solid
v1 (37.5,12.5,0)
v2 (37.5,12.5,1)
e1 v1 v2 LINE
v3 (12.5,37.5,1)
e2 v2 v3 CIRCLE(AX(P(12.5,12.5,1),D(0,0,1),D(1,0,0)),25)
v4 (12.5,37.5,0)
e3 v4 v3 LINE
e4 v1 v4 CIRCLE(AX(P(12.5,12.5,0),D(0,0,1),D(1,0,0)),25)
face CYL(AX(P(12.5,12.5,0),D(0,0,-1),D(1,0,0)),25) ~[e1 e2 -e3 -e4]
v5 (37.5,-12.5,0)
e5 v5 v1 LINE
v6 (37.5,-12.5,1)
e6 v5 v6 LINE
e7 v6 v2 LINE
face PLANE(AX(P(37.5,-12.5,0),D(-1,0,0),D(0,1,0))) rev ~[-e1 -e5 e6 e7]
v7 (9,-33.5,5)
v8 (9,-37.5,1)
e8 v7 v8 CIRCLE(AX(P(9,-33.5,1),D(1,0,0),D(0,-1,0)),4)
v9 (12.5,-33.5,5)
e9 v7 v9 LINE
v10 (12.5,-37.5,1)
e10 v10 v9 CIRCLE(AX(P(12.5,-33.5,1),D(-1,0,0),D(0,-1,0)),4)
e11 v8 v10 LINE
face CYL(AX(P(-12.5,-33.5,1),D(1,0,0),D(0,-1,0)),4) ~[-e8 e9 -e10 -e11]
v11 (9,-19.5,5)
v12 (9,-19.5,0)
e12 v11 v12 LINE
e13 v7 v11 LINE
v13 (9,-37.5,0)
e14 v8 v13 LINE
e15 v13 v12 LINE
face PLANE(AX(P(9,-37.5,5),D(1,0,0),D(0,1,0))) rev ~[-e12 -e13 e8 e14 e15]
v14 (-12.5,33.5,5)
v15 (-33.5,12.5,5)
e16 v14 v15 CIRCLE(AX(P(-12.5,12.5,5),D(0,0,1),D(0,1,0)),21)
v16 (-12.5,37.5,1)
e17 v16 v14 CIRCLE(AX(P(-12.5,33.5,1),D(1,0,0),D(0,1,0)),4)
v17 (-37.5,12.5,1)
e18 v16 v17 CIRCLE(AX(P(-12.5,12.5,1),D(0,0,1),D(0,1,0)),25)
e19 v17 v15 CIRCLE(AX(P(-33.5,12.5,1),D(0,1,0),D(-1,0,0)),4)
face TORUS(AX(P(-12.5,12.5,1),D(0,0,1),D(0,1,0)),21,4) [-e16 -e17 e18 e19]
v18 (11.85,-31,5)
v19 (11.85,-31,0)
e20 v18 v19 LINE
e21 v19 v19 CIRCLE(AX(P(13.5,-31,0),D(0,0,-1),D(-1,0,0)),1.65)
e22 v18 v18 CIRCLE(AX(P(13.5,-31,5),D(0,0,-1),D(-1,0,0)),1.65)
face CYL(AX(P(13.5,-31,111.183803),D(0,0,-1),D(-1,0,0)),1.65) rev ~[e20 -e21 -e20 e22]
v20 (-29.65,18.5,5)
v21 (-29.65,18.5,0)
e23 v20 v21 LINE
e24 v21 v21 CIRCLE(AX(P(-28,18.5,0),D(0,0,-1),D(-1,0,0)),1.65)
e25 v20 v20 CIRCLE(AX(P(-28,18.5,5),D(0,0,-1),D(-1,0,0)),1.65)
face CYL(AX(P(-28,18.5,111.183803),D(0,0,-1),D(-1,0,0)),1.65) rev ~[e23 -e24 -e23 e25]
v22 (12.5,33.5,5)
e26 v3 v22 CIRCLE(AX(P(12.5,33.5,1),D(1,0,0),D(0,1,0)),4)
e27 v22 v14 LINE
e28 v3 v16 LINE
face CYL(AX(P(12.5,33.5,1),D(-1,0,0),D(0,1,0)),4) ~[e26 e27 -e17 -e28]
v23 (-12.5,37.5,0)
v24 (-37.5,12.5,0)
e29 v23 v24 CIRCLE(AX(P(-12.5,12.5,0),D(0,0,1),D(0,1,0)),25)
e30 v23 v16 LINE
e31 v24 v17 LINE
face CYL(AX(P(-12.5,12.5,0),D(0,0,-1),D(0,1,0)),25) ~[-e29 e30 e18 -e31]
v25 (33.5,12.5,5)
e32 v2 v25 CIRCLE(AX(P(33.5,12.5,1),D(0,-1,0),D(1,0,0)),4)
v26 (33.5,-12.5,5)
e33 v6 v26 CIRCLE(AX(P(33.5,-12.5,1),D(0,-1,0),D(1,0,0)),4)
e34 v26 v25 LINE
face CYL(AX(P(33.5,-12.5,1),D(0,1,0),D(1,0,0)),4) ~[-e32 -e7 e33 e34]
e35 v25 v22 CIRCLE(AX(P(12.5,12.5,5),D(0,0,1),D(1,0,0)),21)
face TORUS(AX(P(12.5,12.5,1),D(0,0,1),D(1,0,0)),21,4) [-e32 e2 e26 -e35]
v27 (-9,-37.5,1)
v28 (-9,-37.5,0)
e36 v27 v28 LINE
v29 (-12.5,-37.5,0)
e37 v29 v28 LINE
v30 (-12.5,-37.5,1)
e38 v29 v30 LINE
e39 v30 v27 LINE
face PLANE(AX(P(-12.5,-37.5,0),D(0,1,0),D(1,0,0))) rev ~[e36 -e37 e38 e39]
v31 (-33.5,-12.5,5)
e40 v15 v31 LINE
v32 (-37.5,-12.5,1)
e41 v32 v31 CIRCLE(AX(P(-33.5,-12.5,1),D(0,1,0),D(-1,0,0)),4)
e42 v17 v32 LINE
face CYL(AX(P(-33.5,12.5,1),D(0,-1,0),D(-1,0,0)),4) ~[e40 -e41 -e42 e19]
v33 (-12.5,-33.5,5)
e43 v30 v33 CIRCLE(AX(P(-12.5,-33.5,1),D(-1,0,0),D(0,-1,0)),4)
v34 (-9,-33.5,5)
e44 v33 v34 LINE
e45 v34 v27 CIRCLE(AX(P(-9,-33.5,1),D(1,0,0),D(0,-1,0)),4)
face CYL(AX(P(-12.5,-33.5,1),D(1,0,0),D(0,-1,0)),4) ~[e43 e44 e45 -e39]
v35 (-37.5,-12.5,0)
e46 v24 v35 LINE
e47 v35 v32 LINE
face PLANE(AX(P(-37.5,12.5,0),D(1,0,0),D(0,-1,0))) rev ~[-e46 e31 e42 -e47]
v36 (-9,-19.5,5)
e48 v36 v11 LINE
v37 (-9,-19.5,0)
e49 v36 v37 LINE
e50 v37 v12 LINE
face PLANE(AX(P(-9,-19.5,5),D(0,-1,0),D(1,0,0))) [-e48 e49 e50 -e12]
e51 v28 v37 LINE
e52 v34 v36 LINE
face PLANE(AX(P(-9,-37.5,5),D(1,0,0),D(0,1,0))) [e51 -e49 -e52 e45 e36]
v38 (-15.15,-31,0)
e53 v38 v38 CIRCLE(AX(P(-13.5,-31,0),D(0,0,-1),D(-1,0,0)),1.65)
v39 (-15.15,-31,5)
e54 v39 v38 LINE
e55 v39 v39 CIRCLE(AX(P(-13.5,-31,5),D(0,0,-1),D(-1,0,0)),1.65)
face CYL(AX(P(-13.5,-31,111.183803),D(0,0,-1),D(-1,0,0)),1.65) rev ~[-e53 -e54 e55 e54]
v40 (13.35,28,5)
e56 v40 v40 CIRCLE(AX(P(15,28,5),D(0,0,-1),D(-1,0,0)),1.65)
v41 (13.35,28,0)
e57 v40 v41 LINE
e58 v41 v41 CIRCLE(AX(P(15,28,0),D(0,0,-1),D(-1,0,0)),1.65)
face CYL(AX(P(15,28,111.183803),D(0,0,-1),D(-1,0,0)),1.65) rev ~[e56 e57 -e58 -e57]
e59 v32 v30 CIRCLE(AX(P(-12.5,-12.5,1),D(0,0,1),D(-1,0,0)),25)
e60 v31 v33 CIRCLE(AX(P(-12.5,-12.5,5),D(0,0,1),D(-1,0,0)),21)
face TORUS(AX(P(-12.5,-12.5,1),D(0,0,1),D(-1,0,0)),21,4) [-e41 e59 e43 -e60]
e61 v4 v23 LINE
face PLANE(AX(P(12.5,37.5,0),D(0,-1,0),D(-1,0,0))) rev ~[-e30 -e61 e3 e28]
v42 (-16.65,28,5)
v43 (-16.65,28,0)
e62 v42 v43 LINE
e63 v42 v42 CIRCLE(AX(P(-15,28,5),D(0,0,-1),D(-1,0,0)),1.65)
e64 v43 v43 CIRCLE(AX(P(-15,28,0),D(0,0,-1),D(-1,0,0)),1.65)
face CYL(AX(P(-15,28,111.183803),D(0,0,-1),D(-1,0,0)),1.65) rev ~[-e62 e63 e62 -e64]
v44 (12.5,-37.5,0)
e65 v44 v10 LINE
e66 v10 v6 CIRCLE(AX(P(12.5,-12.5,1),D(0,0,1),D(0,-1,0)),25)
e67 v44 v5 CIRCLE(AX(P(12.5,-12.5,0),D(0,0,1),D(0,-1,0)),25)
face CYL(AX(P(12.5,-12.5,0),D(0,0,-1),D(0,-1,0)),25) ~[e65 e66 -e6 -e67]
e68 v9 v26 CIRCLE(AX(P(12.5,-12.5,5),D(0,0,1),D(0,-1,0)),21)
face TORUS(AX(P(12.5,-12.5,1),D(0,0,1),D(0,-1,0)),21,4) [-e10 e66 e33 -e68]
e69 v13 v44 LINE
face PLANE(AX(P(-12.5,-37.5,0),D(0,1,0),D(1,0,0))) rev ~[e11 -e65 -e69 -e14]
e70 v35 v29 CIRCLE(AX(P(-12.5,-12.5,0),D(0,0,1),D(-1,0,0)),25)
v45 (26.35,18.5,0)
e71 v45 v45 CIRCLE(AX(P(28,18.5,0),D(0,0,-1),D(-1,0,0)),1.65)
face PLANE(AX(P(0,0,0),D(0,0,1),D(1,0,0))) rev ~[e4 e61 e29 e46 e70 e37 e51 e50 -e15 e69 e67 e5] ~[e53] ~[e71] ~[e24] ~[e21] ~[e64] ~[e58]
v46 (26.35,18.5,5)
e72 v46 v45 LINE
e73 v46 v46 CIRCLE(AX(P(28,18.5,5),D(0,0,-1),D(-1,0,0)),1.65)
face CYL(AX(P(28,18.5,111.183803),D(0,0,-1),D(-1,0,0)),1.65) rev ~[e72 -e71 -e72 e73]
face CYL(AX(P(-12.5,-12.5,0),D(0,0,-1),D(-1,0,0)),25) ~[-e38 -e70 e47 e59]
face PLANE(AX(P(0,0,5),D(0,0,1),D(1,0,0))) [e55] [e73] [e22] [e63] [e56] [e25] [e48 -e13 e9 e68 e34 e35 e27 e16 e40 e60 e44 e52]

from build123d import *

# Parameters (mm, degrees)
F1_DEPTH = 5
F2_R     = 4
F4_D     = 3.3
F5_W     = 18
F5_H     = 18
F6_DEPTH = 5.001
F8_D     = 3.3


with BuildPart() as f1:
    # F0 (on Top) → F1 (new body)
    with BuildSketch(Plane.XY):
        with BuildLine():
            Line((12.5, 37.5), (-12.5, 37.5))
            ThreePointArc((-12.5, 37.5), (-30.1776695297, 30.1776695297), (-37.5, 12.5))
            Line((-37.5, 12.5), (-37.5, -12.5))
            ThreePointArc((-37.5, -12.5), (-30.1776695297, -30.1776695297), (-12.5, -37.5))
            Line((-12.5, -37.5), (12.5, -37.5))
            ThreePointArc((12.5, -37.5), (30.1776695297, -30.1776695297), (37.5, -12.5))
            Line((37.5, -12.5), (37.5, 12.5))
            ThreePointArc((37.5, 12.5), (30.1776695297, 30.1776695297), (12.5, 37.5))
        make_face()
    extrude(amount=F1_DEPTH)

    # F2
    f2_edges = [f1.edges().sort_by_distance(p)[0] for p in [
        (37.5, 0, 5),
        (30.17767, 30.17767, 5),
        (0, 37.5, 5),
        (-30.17767, 30.17767, 5),
        (-37.5, 0, 5),
        (-30.17767, -30.17767, 5),
        (0, -37.5, 5),
        (30.17767, -30.17767, 5),
    ]]
    fillet(f2_edges, radius=F2_R)

    # F4 (through all)
    with Locations(Plane.XY.offset(5)):
        with Locations((-28, 18.5), (28, 18.5), (-13.5, -31), (13.5, -31)):
            Hole(F4_D / 2)

    # F5 (on face) → F6 (cut, through all)
    with BuildSketch(Plane.XY.offset(5)):
        with Locations((0, -28.5)):
            Rectangle(F5_W, F5_H)
    extrude(amount=-F6_DEPTH, mode=Mode.SUBTRACT)

    # F8 (through all)
    with Locations(Plane.XY.offset(5)):
        with Locations((-15, 28), (15, 28)):
            Hole(F8_D / 2)


solid = f1.part
